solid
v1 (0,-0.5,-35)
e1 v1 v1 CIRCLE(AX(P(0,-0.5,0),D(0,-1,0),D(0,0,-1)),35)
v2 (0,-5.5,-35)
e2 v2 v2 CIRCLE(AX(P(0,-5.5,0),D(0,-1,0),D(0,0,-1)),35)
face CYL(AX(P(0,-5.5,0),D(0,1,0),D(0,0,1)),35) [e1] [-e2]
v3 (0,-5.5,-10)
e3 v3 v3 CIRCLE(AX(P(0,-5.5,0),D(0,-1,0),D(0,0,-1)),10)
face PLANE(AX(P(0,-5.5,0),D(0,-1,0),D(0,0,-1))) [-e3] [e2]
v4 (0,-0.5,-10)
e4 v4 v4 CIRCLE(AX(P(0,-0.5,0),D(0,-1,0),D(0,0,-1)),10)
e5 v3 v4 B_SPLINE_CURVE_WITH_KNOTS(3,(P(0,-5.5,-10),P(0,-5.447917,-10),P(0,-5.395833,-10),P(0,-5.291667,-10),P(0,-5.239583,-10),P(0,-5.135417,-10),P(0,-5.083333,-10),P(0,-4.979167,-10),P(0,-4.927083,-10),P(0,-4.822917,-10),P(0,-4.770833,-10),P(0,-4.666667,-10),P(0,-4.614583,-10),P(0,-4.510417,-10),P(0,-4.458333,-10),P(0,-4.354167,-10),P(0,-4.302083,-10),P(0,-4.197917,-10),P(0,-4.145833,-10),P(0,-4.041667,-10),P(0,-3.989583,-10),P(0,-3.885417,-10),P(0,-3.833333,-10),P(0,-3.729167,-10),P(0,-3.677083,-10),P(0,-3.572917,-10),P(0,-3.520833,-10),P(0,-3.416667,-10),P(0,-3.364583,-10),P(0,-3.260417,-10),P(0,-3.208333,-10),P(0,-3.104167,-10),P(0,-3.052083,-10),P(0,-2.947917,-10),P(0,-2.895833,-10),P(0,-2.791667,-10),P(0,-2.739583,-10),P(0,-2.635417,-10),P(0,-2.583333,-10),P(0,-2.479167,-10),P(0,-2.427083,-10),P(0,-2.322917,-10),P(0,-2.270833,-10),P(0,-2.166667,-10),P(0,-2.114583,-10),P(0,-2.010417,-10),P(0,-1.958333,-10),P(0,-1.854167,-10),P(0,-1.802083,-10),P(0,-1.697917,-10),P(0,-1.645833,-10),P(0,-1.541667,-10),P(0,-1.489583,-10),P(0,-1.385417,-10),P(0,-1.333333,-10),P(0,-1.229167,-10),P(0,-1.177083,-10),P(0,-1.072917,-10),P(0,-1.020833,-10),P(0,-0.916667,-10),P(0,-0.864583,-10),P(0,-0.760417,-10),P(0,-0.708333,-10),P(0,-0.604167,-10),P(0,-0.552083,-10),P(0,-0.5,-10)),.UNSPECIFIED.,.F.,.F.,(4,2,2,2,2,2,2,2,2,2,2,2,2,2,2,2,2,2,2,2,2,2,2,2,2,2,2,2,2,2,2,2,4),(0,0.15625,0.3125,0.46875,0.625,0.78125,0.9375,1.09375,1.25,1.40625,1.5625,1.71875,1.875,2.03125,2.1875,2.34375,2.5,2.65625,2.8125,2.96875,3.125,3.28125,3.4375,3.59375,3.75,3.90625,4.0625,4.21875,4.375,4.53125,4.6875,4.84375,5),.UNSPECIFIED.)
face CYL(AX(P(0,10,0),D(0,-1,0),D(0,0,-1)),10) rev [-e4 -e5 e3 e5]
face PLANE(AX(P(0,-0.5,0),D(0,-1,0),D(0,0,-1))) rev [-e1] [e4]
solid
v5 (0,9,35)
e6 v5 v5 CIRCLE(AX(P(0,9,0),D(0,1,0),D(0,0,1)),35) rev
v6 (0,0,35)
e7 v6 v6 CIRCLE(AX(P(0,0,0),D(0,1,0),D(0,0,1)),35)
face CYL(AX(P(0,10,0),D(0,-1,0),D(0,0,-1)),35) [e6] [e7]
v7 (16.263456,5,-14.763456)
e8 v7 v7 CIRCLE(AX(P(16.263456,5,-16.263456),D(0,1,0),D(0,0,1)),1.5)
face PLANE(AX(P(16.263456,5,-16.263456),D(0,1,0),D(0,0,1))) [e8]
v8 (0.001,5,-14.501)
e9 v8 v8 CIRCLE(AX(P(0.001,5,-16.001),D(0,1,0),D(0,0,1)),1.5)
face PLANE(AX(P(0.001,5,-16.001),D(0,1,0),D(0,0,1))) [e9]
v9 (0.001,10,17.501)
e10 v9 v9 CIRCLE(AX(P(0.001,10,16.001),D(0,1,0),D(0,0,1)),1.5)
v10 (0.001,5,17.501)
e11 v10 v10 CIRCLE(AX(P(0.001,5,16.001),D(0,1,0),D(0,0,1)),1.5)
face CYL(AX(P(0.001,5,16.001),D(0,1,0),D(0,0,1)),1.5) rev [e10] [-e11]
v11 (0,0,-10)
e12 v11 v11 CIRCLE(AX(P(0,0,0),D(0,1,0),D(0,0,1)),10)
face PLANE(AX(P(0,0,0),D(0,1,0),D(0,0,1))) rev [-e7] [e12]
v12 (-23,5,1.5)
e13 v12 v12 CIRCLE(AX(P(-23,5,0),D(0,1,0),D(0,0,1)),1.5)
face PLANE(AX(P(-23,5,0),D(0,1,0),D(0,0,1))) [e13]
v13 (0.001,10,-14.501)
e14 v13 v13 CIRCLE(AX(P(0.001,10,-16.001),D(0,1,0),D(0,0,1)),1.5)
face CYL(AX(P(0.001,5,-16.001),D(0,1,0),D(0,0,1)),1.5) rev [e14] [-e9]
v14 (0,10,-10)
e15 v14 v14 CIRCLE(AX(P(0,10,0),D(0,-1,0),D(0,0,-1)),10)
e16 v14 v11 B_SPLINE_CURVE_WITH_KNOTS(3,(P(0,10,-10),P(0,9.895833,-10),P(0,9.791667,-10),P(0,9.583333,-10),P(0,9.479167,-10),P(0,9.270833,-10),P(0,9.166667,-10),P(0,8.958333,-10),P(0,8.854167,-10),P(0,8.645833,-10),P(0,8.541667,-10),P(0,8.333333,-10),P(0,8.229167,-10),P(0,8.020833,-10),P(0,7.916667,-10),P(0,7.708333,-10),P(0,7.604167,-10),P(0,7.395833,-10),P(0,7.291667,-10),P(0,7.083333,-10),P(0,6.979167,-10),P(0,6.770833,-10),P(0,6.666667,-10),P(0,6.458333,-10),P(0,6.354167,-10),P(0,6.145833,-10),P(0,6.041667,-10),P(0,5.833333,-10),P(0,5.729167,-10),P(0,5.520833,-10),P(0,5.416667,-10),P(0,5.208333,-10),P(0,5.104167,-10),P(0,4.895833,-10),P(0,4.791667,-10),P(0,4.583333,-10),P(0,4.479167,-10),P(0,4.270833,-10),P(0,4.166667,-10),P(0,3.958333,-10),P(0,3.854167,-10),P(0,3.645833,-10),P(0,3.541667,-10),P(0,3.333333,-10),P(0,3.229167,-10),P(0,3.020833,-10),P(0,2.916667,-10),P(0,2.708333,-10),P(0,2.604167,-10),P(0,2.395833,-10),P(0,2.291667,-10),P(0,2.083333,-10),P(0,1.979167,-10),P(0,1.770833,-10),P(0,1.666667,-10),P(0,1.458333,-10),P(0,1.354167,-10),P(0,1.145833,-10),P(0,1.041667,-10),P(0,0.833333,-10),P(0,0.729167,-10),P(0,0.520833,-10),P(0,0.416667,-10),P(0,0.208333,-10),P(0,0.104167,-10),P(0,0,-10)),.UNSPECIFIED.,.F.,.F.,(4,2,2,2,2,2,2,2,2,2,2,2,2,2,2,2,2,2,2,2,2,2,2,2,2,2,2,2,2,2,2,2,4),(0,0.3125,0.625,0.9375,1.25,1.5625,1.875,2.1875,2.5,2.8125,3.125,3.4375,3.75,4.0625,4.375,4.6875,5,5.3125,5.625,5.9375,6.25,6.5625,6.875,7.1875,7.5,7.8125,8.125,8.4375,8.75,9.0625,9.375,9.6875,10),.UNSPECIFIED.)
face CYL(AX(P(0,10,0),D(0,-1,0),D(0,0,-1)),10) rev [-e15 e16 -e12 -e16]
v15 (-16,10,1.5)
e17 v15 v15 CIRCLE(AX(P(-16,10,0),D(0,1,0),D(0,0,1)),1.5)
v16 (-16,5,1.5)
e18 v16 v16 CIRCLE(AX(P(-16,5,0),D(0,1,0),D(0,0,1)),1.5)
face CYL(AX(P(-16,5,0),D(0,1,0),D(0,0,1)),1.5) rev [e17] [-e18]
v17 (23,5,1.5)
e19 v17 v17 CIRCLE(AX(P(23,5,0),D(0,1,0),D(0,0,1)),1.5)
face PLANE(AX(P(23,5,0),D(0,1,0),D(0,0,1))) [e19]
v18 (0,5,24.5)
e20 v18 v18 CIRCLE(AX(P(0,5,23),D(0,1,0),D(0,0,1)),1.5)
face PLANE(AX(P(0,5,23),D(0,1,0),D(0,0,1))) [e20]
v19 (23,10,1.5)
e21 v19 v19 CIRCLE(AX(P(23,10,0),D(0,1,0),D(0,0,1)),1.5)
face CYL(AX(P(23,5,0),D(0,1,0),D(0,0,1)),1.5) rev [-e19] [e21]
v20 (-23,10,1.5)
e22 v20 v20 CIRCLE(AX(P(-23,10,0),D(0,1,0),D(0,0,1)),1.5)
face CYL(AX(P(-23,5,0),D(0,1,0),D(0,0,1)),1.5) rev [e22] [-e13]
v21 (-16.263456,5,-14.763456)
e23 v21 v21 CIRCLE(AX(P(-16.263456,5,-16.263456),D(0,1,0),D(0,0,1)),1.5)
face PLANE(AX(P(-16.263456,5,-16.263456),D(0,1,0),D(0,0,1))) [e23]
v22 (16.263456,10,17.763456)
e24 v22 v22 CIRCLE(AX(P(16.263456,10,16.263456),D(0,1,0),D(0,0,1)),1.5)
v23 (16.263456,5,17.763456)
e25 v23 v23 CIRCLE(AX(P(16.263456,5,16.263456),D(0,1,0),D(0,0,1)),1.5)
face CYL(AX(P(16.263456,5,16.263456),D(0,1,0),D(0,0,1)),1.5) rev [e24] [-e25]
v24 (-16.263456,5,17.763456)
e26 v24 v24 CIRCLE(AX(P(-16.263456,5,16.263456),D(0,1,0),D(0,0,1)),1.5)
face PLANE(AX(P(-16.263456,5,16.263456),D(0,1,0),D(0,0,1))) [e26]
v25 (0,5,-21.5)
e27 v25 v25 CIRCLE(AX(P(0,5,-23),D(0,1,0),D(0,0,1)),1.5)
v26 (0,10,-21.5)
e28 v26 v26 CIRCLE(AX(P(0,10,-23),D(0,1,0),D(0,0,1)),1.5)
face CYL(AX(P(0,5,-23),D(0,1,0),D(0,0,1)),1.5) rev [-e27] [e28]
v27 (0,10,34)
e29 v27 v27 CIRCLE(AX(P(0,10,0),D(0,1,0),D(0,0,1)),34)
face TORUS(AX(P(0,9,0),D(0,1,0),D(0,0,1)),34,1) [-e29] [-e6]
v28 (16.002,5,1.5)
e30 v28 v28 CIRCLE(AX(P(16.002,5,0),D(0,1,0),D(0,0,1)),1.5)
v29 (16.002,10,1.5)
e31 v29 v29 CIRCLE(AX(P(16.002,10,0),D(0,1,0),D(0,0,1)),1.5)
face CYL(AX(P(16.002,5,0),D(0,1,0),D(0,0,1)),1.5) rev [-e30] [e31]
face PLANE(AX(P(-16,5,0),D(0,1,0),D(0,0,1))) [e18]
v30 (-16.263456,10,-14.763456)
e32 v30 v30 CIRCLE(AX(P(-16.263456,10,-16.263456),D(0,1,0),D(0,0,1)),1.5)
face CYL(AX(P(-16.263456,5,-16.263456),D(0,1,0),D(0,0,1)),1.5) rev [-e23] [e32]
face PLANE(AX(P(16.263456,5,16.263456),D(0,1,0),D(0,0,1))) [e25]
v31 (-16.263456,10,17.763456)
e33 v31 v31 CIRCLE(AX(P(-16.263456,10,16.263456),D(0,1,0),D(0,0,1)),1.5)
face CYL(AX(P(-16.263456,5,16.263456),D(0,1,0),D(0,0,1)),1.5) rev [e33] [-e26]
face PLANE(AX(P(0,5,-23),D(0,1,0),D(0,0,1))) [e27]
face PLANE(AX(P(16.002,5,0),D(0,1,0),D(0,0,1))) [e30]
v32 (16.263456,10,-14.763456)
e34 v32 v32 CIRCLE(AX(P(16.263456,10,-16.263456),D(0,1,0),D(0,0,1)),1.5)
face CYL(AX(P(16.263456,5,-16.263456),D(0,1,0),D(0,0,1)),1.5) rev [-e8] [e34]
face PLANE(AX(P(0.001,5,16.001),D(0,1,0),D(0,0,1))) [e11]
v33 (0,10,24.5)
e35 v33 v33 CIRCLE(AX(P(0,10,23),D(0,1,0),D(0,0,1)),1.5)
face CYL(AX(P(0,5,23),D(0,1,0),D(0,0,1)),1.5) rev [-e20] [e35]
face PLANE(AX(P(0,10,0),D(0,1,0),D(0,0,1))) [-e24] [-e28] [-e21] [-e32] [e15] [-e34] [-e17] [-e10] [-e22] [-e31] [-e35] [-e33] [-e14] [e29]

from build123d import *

# Parameters (mm, degrees)
SKETCH_1_R               = 35
EXTRUDE_1_DEPTH          = 10
FILLET_1_R               = 1
SKETCH_2_R               = 35
EXTRUDE_2_DEPTH          = 5
SKETCH_3_R               = 1.5
CUT_EXTRUDE_1_DEPTH      = 5
CUT_EXTRUDE_3_DEPTH      = 51.59891317
CUT_EXTRUDE_3_DEPTH_BACK = 51.59891317
SKETCH_5_R               = 10


with BuildPart() as part:
    # 草图1 → 凸台-拉伸1 (new body)
    with BuildSketch(Plane(origin=(0, 0, 0), x_dir=(1, 0, 0), z_dir=(0, 1, 0))):
        with Locations(Location((0, 0, 0), (0, 0, 270))):
            Circle(SKETCH_1_R)
    extrude(amount=EXTRUDE_1_DEPTH)

    # 圆角1
    fillet_1_edges = [part.edges().sort_by_distance(p)[0] for p in [
        (0, 10, -35),
    ]]
    fillet(fillet_1_edges, radius=FILLET_1_R)

    # 草图3 → 切除-拉伸1 (cut)
    with BuildSketch(Plane(origin=(0, 10, 0), x_dir=(1, 0, 0), z_dir=(0, 1, 0))):
        with Locations(Location((-23, 0, 0), (0, 0, 270))):
            Circle(SKETCH_3_R)
        with Locations(Location((-16, 0, 0), (0, 0, 270))):
            Circle(SKETCH_3_R)
        with Locations(Location((0.001, 16.001, 0), (0, 0, 270))):
            Circle(SKETCH_3_R)
        with Locations(Location((16.002, 0, 0), (0, 0, 270))):
            Circle(SKETCH_3_R)
        with Locations(Location((0.001, -16.001, 0), (0, 0, 270))):
            Circle(SKETCH_3_R)
        with Locations(Location((-16.263455967, 16.263455967, 0), (0, 0, 270))):
            Circle(SKETCH_3_R)
        with Locations(Location((0, 23, 0), (0, 0, 270))):
            Circle(SKETCH_3_R)
        with Locations(Location((16.263455967, 16.263455967, 0), (0, 0, 270))):
            Circle(SKETCH_3_R)
        with Locations(Location((23, 0, 0), (0, 0, 270))):
            Circle(SKETCH_3_R)
        with Locations(Location((16.263455967, -16.263455967, 0), (0, 0, 270))):
            Circle(SKETCH_3_R)
        with Locations(Location((0, -23, 0), (0, 0, 270))):
            Circle(SKETCH_3_R)
        with Locations(Location((-16.263455967, -16.263455967, 0), (0, 0, 270))):
            Circle(SKETCH_3_R)
    extrude(amount=-CUT_EXTRUDE_1_DEPTH, mode=Mode.SUBTRACT)


with BuildPart() as body_2:
    # 草图2 → 凸台-拉伸2 (new body)
    with BuildSketch(Plane(origin=(0, -0.5, 0), x_dir=(-1, 0, 0), z_dir=(0, -1, 0))):
        with Locations(Location((0, 0, 0), (0, 0, 90))):
            Circle(SKETCH_2_R)
    extrude(amount=EXTRUDE_2_DEPTH)


with BuildPart() as cut_extrude_3_tool:
    # 草图5 → 切除-拉伸3 (new, two sides: drawn at the far end of the back side and taken through both)
    with BuildSketch(Plane(origin=(0, -0.5, 0), x_dir=(-1, 0, 0), z_dir=(0, -1, 0)).offset(-CUT_EXTRUDE_3_DEPTH_BACK)):
        with Locations(Location((0, 0, 0), (0, 0, 90))):
            Circle(SKETCH_5_R)
    extrude(amount=CUT_EXTRUDE_3_DEPTH + CUT_EXTRUDE_3_DEPTH_BACK)


with BuildPart() as part_1:
    add(part.part)

    # 切除-拉伸3: cut by cut_extrude_3_tool
    add(cut_extrude_3_tool.part, mode=Mode.SUBTRACT)


with BuildPart() as body_2_1:
    add(body_2.part)

    # 切除-拉伸3: cut by cut_extrude_3_tool
    add(cut_extrude_3_tool.part, mode=Mode.SUBTRACT)


solid = Compound([part_1.part, body_2_1.part])
